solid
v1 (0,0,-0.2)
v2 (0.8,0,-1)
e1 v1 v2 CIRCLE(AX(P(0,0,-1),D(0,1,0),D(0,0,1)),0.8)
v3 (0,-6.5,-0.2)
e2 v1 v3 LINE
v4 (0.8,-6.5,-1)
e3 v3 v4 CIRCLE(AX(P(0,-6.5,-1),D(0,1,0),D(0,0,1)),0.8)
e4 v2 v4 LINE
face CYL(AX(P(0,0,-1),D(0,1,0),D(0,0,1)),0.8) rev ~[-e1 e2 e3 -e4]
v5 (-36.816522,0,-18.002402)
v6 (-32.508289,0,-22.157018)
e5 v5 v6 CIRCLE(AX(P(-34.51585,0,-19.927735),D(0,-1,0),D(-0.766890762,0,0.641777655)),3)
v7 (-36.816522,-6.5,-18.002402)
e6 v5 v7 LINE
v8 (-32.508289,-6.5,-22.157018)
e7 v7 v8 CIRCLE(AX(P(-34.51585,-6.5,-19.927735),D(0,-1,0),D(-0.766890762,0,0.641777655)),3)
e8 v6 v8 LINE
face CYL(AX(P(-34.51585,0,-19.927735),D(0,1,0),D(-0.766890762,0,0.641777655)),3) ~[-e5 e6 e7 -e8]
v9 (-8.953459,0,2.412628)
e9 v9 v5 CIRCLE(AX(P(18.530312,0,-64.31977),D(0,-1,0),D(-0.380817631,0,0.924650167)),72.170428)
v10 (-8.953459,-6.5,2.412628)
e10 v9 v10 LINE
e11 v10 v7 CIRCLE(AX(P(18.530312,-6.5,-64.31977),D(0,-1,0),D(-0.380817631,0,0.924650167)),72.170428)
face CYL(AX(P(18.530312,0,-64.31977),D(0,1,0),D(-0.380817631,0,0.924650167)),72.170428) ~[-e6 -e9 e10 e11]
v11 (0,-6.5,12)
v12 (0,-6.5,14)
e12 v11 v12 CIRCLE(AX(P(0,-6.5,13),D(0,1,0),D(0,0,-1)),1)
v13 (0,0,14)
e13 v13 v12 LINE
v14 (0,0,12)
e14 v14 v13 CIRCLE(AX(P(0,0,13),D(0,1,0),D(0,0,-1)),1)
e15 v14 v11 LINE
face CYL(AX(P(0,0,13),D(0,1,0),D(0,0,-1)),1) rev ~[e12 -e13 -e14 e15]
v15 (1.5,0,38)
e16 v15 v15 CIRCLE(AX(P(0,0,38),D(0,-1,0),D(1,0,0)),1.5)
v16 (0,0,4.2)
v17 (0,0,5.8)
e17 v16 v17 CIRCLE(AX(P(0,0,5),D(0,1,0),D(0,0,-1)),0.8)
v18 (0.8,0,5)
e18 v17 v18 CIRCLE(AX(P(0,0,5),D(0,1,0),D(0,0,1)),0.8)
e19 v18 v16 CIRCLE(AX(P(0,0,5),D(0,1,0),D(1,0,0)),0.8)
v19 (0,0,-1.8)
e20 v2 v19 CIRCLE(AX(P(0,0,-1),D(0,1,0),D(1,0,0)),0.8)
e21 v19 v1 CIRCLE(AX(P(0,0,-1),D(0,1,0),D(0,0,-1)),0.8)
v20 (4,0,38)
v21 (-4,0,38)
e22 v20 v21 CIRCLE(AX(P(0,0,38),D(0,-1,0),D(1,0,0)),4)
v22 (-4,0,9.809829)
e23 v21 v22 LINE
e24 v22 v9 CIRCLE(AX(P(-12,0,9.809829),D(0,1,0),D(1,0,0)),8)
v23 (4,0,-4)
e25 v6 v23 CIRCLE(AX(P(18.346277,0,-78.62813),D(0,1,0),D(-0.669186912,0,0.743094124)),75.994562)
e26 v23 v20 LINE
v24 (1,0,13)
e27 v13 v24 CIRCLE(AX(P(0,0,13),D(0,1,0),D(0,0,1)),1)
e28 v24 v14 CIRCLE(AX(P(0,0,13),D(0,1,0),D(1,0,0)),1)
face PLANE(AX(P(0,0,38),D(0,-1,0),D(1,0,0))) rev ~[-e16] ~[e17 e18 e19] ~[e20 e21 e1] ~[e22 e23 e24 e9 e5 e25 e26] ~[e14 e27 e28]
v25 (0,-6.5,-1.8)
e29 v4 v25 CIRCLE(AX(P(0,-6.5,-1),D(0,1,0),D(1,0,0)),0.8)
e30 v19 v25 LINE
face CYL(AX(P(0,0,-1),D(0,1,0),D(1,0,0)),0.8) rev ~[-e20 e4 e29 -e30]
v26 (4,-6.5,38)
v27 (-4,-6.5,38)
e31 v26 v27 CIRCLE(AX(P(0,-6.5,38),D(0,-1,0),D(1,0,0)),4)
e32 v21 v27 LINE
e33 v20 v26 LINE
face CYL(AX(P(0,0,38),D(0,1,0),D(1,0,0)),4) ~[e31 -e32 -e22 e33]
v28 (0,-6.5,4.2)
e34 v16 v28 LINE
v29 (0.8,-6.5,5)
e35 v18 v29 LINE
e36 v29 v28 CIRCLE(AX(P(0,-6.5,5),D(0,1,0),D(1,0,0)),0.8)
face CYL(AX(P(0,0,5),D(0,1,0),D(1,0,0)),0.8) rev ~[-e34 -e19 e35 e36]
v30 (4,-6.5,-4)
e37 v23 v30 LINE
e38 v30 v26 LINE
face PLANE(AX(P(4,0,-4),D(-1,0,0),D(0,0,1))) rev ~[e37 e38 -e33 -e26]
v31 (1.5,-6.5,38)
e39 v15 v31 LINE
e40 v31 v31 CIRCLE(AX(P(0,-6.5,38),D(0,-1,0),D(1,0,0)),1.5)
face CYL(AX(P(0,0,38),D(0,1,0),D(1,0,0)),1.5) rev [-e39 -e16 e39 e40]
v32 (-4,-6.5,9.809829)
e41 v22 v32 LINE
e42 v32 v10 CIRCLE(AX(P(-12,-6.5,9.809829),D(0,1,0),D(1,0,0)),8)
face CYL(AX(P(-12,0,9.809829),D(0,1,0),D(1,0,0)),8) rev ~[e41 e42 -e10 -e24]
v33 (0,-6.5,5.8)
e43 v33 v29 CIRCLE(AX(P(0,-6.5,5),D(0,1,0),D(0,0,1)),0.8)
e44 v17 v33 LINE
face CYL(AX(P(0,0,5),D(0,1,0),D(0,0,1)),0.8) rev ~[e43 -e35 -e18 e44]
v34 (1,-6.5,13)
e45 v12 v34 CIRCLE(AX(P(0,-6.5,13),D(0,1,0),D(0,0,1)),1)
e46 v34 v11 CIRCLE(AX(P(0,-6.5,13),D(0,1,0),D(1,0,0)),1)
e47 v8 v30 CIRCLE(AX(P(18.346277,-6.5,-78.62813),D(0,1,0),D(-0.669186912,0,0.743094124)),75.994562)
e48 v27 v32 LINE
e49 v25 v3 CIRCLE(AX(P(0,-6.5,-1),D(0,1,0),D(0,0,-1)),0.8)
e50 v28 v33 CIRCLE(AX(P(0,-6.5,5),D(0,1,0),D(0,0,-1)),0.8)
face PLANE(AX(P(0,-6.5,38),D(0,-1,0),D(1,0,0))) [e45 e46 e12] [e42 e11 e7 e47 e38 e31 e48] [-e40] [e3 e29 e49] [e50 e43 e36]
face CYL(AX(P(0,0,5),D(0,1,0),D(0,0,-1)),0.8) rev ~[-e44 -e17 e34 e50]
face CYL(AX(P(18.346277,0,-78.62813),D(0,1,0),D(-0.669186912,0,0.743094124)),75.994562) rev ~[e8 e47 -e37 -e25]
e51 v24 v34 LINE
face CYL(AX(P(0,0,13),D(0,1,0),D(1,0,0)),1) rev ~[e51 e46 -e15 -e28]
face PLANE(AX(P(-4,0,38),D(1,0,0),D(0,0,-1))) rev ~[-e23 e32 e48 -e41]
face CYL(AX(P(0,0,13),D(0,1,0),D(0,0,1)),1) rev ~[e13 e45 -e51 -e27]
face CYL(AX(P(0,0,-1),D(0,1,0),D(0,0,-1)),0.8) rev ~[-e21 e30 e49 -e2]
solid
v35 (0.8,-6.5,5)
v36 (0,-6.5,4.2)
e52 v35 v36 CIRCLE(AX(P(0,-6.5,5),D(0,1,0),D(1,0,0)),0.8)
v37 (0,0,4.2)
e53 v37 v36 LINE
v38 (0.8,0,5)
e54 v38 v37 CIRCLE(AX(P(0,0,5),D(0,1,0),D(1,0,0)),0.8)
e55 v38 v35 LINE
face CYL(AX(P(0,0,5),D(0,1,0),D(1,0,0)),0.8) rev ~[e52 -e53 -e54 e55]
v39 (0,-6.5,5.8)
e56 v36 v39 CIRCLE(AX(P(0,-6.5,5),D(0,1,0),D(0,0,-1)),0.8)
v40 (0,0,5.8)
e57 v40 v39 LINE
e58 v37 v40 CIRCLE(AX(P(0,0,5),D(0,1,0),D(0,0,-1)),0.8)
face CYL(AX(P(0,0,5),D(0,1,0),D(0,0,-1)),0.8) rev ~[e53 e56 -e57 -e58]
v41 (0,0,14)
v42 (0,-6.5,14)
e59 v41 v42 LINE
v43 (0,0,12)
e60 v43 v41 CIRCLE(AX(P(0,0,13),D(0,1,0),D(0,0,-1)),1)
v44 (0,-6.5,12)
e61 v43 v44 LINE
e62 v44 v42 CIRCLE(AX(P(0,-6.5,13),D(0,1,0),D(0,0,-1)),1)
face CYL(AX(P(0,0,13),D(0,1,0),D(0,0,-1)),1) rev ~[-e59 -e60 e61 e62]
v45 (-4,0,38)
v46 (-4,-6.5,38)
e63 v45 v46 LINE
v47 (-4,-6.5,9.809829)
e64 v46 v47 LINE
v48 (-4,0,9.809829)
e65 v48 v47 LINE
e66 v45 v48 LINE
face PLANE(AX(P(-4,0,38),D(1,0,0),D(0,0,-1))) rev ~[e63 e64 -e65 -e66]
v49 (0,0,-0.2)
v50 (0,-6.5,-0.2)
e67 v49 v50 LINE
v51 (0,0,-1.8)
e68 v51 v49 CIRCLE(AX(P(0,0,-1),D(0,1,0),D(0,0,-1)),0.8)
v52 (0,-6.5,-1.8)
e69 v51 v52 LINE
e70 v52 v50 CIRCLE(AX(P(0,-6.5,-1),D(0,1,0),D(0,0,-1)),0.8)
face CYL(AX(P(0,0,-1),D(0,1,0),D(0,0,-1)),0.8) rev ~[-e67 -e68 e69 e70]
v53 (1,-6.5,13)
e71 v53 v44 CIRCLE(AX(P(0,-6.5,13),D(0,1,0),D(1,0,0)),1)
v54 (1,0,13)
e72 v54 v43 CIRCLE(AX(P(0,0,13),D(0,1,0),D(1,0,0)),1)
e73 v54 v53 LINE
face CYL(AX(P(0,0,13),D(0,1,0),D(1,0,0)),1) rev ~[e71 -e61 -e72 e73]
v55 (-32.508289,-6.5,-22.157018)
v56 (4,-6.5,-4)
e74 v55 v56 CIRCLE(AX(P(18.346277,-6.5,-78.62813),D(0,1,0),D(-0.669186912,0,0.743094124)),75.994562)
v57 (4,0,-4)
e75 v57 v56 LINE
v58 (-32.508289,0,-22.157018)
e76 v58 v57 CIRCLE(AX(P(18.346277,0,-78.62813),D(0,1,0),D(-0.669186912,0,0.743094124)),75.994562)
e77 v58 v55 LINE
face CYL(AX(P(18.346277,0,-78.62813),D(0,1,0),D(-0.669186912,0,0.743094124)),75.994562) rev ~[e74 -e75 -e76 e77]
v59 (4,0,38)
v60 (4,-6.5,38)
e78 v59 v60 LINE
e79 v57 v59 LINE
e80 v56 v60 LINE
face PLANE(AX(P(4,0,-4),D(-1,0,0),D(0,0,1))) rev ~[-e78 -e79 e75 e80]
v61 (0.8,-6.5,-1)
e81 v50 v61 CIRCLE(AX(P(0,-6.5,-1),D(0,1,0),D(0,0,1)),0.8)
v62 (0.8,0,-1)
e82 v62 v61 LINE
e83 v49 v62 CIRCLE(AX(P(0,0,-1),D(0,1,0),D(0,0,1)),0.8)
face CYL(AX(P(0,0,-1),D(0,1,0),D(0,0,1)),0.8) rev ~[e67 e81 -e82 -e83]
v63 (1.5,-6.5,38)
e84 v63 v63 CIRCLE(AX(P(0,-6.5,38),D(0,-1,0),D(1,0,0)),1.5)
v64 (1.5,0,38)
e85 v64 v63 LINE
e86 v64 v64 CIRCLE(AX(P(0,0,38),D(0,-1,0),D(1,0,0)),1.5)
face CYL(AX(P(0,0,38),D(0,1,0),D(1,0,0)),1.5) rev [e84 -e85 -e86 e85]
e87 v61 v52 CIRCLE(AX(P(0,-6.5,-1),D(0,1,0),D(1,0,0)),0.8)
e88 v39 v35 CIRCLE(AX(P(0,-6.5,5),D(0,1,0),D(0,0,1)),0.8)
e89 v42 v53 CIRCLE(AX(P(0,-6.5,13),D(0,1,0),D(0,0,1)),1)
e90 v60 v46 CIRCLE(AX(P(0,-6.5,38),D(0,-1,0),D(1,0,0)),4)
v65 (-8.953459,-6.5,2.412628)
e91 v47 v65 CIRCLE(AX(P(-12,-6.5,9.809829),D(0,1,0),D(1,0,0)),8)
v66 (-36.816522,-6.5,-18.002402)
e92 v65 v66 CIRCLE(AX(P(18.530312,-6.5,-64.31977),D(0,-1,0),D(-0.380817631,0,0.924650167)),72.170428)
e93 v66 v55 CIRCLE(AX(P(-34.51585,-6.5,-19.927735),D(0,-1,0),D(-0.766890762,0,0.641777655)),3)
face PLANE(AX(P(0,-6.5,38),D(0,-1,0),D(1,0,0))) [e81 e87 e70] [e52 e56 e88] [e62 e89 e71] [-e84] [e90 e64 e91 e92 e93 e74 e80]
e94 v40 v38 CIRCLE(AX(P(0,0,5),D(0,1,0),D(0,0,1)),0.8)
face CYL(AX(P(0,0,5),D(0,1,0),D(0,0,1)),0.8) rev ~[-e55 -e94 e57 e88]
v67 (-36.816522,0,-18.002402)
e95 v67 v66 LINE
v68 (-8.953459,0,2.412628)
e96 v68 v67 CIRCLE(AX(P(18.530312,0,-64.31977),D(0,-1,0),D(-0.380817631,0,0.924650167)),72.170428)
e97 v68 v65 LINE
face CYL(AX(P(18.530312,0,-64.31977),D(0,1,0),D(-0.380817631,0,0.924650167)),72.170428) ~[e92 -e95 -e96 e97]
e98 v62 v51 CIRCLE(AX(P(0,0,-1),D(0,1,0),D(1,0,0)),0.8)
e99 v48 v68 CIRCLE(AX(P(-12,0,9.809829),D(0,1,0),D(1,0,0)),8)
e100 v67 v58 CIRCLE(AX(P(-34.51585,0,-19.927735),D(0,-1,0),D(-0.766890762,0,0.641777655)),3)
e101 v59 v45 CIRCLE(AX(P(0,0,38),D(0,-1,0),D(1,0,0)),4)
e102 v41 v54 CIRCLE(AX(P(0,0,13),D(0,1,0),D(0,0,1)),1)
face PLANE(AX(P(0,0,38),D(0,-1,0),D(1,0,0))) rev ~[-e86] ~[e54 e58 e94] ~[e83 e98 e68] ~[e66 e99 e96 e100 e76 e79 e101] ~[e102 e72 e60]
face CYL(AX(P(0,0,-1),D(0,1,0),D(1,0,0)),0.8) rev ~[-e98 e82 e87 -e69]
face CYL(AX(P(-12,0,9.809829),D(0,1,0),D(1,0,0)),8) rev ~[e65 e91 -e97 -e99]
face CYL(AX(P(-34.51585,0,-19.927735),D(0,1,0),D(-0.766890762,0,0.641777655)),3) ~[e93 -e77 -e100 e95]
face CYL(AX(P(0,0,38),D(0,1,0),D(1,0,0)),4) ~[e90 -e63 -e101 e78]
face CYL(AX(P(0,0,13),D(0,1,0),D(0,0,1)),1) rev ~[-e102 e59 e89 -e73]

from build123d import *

# Parameters (mm, degrees)
F0_R     = 1.5
F1_DEPTH = 6.5
F2_DEPTH = 6.5


with BuildPart() as f1:
    # F0 (on Front) → F1 (new body)
    with BuildSketch(Plane.XZ):
        with BuildLine():
            ThreePointArc((-4, 38), (0, 34), (4, 38))
            ThreePointArc((4, 38), (0, 42), (-4, 38))
        make_face()
        with Locations((0, 38)):
            Circle(F0_R, mode=Mode.SUBTRACT)
        with BuildLine():
            Line((4, 0), (4, 38))
            ThreePointArc((4, 38), (0, 34), (-4, 38))
            Line((-4, 38), (-4, 9.8098293997))
            ThreePointArc((-4, 9.8098293997), (-5.3527325768, 5.3585558961), (-8.953458951, 2.4126280616))
            ThreePointArc((-8.953458951, 2.4126280616), (-24.1243553105, -6.1033636981), (-36.8165220119, -18.0024021645))
            ThreePointArc((-36.8165220119, -18.0024021645), (-33.4916468302, -17.107981873), (-31.515849725, -19.92773513))
            ThreePointArc((-31.515849725, -19.92773513), (-31.7751671266, -21.1478412299), (-32.5082889883, -22.1570175008))
            ThreePointArc((-32.5082889883, -22.1570175008), (-15.4946272743, -10.5842718075), (4, -4))
            Line((4, -4), (0, -4))
            ThreePointArc((0, -4), (-4, 0), (0, 4))
            ThreePointArc((0, 4), (2.8284271247, 2.8284271247), (4, 0))
        make_face()
        with BuildLine():
            ThreePointArc((0.8, 5), (0.5656854249, 4.4343145751), (0, 4.2))
            ThreePointArc((0, 4.2), (-0.8, 5), (0, 5.8))
            ThreePointArc((0, 5.8), (0.5656854249, 5.5656854249), (0.8, 5))
        make_face(mode=Mode.SUBTRACT)
        with BuildLine():
            ThreePointArc((1, 13), (0.7071067812, 12.2928932188), (0, 12))
            ThreePointArc((0, 12), (-1, 13), (0, 14))
            ThreePointArc((0, 14), (0.7071067812, 13.7071067812), (1, 13))
        make_face(mode=Mode.SUBTRACT)
        with BuildLine():
            Line((4, -4), (4, 0))
            ThreePointArc((4, 0), (2.8284271247, -2.8284271247), (0, -4))
            Line((0, -4), (4, -4))
        make_face()
        with BuildLine():
            Line((0, 0), (4, 0))
            ThreePointArc((4, 0), (2.8284271247, 2.8284271247), (0, 4))
            Line((0, 4), (0, 0))
        make_face()
        with BuildLine():
            ThreePointArc((0, -4), (2.8284271247, -2.8284271247), (4, 0))
            Line((4, 0), (0, 0))
            Line((0, 0), (0, -0.2))
            ThreePointArc((0, -0.2), (0.5656854249, -0.4343145751), (0.8, -1))
            ThreePointArc((0.8, -1), (0.5656854249, -1.5656854249), (0, -1.8))
            Line((0, -1.8), (0, -4))
        make_face()
        with BuildLine():
            ThreePointArc((-36.8165220119, -18.0024021645), (-36.5983207916, -22.0872059579), (-32.5082889883, -22.1570175008))
            ThreePointArc((-32.5082889883, -22.1570175008), (-31.7751671266, -21.1478412299), (-31.515849725, -19.92773513))
            ThreePointArc((-31.515849725, -19.92773513), (-33.4916468302, -17.107981873), (-36.8165220119, -18.0024021645))
        make_face()
        with BuildLine():
            ThreePointArc((0, 4), (-4, 0), (0, -4))
            Line((0, -4), (0, -1.8))
            ThreePointArc((0, -1.8), (-0.8, -1), (0, -0.2))
            Line((0, -0.2), (0, 0))
            Line((0, 0), (0, 4))
        make_face()
    extrude(amount=F1_DEPTH)


with BuildPart() as f2:
    # F0 (on Front) → F2 (new body)
    with BuildSketch(Plane.XZ):
        with BuildLine():
            ThreePointArc((-4, 38), (0, 34), (4, 38))
            ThreePointArc((4, 38), (0, 42), (-4, 38))
        make_face()
        with Locations((0, 38)):
            Circle(F0_R, mode=Mode.SUBTRACT)
        with BuildLine():
            Line((4, 0), (4, 38))
            ThreePointArc((4, 38), (0, 34), (-4, 38))
            Line((-4, 38), (-4, 9.8098293997))
            ThreePointArc((-4, 9.8098293997), (-5.3527325768, 5.3585558961), (-8.953458951, 2.4126280616))
            ThreePointArc((-8.953458951, 2.4126280616), (-24.1243553105, -6.1033636981), (-36.8165220119, -18.0024021645))
            ThreePointArc((-36.8165220119, -18.0024021645), (-33.4916468302, -17.107981873), (-31.515849725, -19.92773513))
            ThreePointArc((-31.515849725, -19.92773513), (-31.7751671266, -21.1478412299), (-32.5082889883, -22.1570175008))
            ThreePointArc((-32.5082889883, -22.1570175008), (-15.4946272743, -10.5842718075), (4, -4))
            Line((4, -4), (0, -4))
            ThreePointArc((0, -4), (-4, 0), (0, 4))
            ThreePointArc((0, 4), (2.8284271247, 2.8284271247), (4, 0))
        make_face()
        with BuildLine():
            ThreePointArc((0.8, 5), (0.5656854249, 4.4343145751), (0, 4.2))
            ThreePointArc((0, 4.2), (-0.8, 5), (0, 5.8))
            ThreePointArc((0, 5.8), (0.5656854249, 5.5656854249), (0.8, 5))
        make_face(mode=Mode.SUBTRACT)
        with BuildLine():
            ThreePointArc((1, 13), (0.7071067812, 12.2928932188), (0, 12))
            ThreePointArc((0, 12), (-1, 13), (0, 14))
            ThreePointArc((0, 14), (0.7071067812, 13.7071067812), (1, 13))
        make_face(mode=Mode.SUBTRACT)
        with BuildLine():
            ThreePointArc((0, -4), (2.8284271247, -2.8284271247), (4, 0))
            Line((4, 0), (0, 0))
            Line((0, 0), (0, -0.2))
            ThreePointArc((0, -0.2), (0.5656854249, -0.4343145751), (0.8, -1))
            ThreePointArc((0.8, -1), (0.5656854249, -1.5656854249), (0, -1.8))
            Line((0, -1.8), (0, -4))
        make_face()
        with BuildLine():
            Line((4, -4), (4, 0))
            ThreePointArc((4, 0), (2.8284271247, -2.8284271247), (0, -4))
            Line((0, -4), (4, -4))
        make_face()
        with BuildLine():
            ThreePointArc((0, 4), (-4, 0), (0, -4))
            Line((0, -4), (0, -1.8))
            ThreePointArc((0, -1.8), (-0.8, -1), (0, -0.2))
            Line((0, -0.2), (0, 0))
            Line((0, 0), (0, 4))
        make_face()
        with BuildLine():
            Line((0, 0), (4, 0))
            ThreePointArc((4, 0), (2.8284271247, 2.8284271247), (0, 4))
            Line((0, 4), (0, 0))
        make_face()
        with BuildLine():
            ThreePointArc((-36.8165220119, -18.0024021645), (-36.5983207916, -22.0872059579), (-32.5082889883, -22.1570175008))
            ThreePointArc((-32.5082889883, -22.1570175008), (-31.7751671266, -21.1478412299), (-31.515849725, -19.92773513))
            ThreePointArc((-31.515849725, -19.92773513), (-33.4916468302, -17.107981873), (-36.8165220119, -18.0024021645))
        make_face()
    extrude(amount=F2_DEPTH)


solid = Compound([f1.part, f2.part])
